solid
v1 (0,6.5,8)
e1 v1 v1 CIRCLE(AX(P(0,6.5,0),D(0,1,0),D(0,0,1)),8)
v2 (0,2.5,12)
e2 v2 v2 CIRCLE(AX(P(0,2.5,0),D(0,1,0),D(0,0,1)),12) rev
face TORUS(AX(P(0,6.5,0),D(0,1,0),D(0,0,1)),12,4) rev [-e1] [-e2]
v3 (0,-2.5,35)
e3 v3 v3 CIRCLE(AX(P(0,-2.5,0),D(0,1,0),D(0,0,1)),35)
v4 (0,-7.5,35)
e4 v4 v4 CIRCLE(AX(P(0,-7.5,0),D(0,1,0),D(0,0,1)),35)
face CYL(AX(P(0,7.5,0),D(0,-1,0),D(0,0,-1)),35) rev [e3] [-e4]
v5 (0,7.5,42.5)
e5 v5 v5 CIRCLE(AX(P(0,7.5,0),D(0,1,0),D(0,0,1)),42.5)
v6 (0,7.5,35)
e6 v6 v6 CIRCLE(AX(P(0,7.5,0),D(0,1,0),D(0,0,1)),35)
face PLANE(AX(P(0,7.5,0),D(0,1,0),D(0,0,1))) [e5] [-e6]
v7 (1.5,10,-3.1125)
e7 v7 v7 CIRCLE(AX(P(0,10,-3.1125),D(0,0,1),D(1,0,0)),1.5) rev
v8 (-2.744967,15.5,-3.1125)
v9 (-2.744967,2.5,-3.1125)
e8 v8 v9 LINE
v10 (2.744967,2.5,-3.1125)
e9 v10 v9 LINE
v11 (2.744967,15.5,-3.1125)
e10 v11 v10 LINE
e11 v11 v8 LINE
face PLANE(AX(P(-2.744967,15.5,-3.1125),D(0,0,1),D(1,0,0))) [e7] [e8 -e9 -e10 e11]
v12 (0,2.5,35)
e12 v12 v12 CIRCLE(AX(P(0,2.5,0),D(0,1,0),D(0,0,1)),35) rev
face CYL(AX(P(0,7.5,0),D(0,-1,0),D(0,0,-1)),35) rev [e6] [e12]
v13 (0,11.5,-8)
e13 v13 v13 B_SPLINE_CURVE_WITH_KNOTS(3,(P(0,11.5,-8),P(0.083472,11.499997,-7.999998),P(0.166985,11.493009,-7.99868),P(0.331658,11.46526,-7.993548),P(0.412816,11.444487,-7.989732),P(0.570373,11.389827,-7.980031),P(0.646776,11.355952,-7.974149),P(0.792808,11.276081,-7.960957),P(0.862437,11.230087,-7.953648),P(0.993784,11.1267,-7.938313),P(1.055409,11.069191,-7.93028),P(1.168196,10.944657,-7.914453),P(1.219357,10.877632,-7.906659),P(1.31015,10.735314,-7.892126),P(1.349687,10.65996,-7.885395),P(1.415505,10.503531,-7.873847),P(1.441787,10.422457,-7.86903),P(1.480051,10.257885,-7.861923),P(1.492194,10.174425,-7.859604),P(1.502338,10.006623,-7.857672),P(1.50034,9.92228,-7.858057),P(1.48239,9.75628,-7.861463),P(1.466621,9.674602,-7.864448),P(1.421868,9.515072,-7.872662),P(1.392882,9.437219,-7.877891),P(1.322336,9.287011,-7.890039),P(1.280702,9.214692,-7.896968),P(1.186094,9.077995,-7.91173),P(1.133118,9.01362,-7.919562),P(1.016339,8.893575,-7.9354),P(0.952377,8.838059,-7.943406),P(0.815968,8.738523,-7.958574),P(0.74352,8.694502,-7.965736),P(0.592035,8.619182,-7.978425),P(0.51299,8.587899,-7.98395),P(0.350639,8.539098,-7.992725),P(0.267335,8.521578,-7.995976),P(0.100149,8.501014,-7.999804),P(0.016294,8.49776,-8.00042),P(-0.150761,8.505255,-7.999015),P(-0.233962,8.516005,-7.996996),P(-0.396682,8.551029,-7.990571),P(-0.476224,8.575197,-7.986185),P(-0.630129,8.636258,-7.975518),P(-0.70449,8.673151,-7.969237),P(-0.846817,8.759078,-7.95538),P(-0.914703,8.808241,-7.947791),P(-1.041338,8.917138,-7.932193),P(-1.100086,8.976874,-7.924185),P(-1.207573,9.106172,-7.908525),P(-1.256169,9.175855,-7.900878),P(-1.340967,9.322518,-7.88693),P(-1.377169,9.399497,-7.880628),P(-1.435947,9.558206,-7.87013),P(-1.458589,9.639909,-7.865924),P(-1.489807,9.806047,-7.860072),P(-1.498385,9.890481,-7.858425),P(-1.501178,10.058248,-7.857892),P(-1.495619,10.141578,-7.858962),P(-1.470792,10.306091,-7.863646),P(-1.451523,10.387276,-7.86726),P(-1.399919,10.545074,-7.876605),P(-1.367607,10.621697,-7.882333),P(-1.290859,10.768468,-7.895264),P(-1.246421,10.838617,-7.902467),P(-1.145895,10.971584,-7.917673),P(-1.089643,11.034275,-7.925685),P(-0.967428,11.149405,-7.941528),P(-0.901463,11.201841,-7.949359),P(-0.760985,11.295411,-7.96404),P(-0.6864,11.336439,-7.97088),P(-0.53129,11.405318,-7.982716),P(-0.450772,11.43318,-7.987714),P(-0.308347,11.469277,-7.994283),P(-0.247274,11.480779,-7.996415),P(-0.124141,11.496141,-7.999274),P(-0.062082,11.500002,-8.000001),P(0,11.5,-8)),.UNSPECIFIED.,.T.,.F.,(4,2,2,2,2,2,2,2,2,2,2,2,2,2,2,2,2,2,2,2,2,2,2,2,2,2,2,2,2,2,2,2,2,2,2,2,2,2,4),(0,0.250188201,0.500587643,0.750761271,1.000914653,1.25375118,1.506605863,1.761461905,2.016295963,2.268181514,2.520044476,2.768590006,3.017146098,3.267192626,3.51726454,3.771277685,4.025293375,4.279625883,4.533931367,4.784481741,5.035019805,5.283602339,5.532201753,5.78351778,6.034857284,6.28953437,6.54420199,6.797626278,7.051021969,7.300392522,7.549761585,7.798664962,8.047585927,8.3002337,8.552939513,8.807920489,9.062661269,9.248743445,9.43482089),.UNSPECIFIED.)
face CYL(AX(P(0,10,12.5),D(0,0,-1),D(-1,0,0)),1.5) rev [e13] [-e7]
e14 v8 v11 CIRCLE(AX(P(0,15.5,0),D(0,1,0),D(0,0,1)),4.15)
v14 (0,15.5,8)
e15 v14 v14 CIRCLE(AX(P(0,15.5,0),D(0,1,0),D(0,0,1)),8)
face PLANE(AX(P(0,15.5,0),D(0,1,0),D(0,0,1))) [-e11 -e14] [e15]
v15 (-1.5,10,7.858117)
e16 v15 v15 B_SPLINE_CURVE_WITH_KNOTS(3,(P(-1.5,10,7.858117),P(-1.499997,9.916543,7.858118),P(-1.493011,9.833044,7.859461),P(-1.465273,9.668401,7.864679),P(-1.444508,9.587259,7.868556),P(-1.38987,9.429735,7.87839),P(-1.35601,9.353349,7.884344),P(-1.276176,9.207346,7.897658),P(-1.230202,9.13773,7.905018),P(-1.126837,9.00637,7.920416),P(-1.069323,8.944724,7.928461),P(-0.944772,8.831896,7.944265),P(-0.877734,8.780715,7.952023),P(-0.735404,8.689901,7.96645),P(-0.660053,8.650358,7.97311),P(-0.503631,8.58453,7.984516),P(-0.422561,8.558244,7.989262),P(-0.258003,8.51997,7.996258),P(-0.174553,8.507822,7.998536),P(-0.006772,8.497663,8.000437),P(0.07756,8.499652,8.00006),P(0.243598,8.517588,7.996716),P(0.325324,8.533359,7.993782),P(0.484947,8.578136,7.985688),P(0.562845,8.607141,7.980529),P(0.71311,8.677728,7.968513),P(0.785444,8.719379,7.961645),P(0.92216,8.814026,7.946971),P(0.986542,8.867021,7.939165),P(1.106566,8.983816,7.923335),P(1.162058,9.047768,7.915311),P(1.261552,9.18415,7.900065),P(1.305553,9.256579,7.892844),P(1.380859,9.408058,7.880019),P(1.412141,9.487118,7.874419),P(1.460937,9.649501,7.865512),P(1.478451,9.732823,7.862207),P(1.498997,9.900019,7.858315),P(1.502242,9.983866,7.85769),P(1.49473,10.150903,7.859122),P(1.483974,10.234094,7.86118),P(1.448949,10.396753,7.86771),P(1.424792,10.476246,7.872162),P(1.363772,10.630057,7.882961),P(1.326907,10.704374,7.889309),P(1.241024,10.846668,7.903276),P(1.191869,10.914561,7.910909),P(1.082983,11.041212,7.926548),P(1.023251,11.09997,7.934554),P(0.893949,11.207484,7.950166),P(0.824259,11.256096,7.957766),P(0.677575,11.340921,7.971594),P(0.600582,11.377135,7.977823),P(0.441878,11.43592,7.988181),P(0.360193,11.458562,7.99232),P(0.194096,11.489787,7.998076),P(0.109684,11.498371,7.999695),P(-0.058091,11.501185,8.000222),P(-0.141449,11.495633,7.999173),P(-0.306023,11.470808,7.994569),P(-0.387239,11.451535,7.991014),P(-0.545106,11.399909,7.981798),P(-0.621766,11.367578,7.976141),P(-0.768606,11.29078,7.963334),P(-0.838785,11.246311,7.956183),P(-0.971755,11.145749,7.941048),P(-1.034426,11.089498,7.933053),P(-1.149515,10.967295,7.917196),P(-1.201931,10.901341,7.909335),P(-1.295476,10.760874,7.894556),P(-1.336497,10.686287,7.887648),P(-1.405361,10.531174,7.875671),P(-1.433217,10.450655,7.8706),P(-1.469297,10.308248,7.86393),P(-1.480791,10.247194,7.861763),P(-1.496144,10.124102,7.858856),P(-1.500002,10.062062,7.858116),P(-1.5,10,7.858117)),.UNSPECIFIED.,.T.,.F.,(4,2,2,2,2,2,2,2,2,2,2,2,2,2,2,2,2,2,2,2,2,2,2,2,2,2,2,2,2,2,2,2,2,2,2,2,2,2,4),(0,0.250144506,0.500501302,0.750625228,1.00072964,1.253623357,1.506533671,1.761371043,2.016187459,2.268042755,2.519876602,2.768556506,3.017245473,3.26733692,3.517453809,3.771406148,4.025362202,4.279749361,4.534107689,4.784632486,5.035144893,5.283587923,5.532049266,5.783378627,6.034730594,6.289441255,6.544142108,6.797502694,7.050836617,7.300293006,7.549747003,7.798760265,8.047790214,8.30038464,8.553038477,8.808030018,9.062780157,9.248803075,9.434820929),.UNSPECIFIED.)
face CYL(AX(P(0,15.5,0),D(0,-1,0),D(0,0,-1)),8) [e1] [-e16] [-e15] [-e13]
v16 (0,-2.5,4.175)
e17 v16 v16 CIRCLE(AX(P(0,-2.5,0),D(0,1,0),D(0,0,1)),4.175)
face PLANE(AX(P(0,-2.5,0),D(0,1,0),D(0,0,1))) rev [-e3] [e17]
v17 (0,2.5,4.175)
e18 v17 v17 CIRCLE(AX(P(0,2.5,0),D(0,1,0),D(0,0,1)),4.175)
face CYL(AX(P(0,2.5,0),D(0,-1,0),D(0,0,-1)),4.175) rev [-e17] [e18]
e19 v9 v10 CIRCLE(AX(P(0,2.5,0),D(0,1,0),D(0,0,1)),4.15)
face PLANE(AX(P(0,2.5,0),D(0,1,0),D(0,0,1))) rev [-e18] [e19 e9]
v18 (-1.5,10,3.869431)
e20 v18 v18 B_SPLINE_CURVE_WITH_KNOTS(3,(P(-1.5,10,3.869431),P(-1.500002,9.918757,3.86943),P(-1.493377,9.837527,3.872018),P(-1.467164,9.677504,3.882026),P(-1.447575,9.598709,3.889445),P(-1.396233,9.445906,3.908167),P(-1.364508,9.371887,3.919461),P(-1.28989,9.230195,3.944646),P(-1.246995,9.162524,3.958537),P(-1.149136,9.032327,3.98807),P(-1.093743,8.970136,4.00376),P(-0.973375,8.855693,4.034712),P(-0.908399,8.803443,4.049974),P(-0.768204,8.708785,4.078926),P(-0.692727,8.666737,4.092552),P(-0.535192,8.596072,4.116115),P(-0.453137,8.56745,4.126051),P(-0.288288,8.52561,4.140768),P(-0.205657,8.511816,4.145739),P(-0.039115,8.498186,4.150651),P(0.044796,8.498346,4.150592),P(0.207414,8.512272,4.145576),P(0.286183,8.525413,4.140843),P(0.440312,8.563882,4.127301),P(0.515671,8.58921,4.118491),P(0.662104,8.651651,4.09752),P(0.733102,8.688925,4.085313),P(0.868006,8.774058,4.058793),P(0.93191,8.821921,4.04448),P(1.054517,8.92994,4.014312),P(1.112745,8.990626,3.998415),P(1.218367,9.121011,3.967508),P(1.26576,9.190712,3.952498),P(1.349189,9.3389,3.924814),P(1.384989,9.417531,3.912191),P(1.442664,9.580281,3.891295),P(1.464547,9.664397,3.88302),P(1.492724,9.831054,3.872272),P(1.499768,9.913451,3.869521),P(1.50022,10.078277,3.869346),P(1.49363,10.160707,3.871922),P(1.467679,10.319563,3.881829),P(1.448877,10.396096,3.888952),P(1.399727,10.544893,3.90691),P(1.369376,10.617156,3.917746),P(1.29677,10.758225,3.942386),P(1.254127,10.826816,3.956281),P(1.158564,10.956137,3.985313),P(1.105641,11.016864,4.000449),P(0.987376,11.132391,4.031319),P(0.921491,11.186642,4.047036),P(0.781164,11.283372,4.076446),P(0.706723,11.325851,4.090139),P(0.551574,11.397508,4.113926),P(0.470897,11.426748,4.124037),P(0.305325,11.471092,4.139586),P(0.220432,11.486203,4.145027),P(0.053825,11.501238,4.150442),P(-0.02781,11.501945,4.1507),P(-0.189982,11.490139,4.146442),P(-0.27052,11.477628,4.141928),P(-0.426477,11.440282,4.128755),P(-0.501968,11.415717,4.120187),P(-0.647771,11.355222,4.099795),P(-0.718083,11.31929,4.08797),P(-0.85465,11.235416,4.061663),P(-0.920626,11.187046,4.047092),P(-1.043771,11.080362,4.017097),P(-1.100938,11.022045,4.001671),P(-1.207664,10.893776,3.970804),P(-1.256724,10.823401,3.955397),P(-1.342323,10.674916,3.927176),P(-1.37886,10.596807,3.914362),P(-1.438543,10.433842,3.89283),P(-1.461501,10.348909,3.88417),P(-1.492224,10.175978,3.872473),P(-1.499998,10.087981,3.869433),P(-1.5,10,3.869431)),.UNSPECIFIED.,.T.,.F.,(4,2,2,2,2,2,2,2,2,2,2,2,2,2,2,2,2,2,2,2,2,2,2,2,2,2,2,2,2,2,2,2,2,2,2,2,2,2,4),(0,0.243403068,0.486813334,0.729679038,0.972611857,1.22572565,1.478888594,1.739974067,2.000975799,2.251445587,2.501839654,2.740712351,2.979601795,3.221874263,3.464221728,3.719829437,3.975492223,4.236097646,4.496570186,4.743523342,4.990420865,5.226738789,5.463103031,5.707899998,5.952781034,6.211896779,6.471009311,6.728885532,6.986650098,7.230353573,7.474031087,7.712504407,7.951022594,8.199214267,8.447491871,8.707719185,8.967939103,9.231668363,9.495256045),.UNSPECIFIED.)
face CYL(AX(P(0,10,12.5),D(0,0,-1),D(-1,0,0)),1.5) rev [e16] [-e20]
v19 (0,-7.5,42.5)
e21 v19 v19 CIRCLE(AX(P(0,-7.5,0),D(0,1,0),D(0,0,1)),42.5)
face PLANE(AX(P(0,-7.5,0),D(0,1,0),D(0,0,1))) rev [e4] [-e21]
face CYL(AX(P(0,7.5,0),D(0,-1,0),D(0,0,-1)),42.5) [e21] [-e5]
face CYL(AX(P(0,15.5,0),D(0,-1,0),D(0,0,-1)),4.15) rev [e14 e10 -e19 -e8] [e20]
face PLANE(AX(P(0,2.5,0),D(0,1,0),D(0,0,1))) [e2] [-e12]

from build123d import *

# Parameters (mm, degrees)
SKETCH1_R           = 35
SKETCH1_R_2         = 4.175
BOSS_EXTRUDE1_DEPTH = 2.5
SKETCH1_3_R         = 42.5
SKETCH1_3_R_2       = 35
BOSS_EXTRUDE2_DEPTH = 7.5
SKETCH2_R           = 8
BOSS_EXTRUDE3_DEPTH = 13
FILLET1_R           = 4
SKETCH3_R           = 1.5
CUT_EXTRUDE1_DEPTH  = 12.5


with BuildPart() as part:
    # Sketch1 → Boss-Extrude1 (new, symmetric)
    with BuildSketch(Plane(origin=(0, 0, 0), x_dir=(1, 0, 0), z_dir=(0, 1, 0))):
        Circle(SKETCH1_R)
        Circle(SKETCH1_R_2, mode=Mode.SUBTRACT)
    extrude(amount=BOSS_EXTRUDE1_DEPTH, both=True)

    # Sketch1<3> → Boss-Extrude2 (add, symmetric)
    with BuildSketch(Plane(origin=(0, 0, 0), x_dir=(1, 0, 0), z_dir=(0, 1, 0))):
        Circle(SKETCH1_3_R)
        Circle(SKETCH1_3_R_2, mode=Mode.SUBTRACT)
    extrude(amount=BOSS_EXTRUDE2_DEPTH, both=True)

    # Sketch2 → Boss-Extrude3 (add)
    with BuildSketch(Plane(origin=(0, 2.5, 0), x_dir=(1, 0, 0), z_dir=(0, 1, 0))):
        Circle(SKETCH2_R)
        with BuildLine():
            Line((-2.744966985, 3.1125), (2.744966985, 3.1125))
            ThreePointArc((2.744966985, 3.1125), (0, -4.15), (-2.744966985, 3.1125))
        make_face(mode=Mode.SUBTRACT)
    extrude(amount=BOSS_EXTRUDE3_DEPTH)

    # Fillet1
    fillet1_edges = [part.edges().sort_by_distance(p)[0] for p in [
        (-8, 2.5, 0),
    ]]
    fillet(fillet1_edges, radius=FILLET1_R)

    # Sketch3 → Cut-Extrude1 (cut, symmetric)
    with BuildSketch(Plane.XY):
        with Locations((0, 10)):
            Circle(SKETCH3_R)
    extrude(amount=CUT_EXTRUDE1_DEPTH, both=True, mode=Mode.SUBTRACT)


solid = part.part
